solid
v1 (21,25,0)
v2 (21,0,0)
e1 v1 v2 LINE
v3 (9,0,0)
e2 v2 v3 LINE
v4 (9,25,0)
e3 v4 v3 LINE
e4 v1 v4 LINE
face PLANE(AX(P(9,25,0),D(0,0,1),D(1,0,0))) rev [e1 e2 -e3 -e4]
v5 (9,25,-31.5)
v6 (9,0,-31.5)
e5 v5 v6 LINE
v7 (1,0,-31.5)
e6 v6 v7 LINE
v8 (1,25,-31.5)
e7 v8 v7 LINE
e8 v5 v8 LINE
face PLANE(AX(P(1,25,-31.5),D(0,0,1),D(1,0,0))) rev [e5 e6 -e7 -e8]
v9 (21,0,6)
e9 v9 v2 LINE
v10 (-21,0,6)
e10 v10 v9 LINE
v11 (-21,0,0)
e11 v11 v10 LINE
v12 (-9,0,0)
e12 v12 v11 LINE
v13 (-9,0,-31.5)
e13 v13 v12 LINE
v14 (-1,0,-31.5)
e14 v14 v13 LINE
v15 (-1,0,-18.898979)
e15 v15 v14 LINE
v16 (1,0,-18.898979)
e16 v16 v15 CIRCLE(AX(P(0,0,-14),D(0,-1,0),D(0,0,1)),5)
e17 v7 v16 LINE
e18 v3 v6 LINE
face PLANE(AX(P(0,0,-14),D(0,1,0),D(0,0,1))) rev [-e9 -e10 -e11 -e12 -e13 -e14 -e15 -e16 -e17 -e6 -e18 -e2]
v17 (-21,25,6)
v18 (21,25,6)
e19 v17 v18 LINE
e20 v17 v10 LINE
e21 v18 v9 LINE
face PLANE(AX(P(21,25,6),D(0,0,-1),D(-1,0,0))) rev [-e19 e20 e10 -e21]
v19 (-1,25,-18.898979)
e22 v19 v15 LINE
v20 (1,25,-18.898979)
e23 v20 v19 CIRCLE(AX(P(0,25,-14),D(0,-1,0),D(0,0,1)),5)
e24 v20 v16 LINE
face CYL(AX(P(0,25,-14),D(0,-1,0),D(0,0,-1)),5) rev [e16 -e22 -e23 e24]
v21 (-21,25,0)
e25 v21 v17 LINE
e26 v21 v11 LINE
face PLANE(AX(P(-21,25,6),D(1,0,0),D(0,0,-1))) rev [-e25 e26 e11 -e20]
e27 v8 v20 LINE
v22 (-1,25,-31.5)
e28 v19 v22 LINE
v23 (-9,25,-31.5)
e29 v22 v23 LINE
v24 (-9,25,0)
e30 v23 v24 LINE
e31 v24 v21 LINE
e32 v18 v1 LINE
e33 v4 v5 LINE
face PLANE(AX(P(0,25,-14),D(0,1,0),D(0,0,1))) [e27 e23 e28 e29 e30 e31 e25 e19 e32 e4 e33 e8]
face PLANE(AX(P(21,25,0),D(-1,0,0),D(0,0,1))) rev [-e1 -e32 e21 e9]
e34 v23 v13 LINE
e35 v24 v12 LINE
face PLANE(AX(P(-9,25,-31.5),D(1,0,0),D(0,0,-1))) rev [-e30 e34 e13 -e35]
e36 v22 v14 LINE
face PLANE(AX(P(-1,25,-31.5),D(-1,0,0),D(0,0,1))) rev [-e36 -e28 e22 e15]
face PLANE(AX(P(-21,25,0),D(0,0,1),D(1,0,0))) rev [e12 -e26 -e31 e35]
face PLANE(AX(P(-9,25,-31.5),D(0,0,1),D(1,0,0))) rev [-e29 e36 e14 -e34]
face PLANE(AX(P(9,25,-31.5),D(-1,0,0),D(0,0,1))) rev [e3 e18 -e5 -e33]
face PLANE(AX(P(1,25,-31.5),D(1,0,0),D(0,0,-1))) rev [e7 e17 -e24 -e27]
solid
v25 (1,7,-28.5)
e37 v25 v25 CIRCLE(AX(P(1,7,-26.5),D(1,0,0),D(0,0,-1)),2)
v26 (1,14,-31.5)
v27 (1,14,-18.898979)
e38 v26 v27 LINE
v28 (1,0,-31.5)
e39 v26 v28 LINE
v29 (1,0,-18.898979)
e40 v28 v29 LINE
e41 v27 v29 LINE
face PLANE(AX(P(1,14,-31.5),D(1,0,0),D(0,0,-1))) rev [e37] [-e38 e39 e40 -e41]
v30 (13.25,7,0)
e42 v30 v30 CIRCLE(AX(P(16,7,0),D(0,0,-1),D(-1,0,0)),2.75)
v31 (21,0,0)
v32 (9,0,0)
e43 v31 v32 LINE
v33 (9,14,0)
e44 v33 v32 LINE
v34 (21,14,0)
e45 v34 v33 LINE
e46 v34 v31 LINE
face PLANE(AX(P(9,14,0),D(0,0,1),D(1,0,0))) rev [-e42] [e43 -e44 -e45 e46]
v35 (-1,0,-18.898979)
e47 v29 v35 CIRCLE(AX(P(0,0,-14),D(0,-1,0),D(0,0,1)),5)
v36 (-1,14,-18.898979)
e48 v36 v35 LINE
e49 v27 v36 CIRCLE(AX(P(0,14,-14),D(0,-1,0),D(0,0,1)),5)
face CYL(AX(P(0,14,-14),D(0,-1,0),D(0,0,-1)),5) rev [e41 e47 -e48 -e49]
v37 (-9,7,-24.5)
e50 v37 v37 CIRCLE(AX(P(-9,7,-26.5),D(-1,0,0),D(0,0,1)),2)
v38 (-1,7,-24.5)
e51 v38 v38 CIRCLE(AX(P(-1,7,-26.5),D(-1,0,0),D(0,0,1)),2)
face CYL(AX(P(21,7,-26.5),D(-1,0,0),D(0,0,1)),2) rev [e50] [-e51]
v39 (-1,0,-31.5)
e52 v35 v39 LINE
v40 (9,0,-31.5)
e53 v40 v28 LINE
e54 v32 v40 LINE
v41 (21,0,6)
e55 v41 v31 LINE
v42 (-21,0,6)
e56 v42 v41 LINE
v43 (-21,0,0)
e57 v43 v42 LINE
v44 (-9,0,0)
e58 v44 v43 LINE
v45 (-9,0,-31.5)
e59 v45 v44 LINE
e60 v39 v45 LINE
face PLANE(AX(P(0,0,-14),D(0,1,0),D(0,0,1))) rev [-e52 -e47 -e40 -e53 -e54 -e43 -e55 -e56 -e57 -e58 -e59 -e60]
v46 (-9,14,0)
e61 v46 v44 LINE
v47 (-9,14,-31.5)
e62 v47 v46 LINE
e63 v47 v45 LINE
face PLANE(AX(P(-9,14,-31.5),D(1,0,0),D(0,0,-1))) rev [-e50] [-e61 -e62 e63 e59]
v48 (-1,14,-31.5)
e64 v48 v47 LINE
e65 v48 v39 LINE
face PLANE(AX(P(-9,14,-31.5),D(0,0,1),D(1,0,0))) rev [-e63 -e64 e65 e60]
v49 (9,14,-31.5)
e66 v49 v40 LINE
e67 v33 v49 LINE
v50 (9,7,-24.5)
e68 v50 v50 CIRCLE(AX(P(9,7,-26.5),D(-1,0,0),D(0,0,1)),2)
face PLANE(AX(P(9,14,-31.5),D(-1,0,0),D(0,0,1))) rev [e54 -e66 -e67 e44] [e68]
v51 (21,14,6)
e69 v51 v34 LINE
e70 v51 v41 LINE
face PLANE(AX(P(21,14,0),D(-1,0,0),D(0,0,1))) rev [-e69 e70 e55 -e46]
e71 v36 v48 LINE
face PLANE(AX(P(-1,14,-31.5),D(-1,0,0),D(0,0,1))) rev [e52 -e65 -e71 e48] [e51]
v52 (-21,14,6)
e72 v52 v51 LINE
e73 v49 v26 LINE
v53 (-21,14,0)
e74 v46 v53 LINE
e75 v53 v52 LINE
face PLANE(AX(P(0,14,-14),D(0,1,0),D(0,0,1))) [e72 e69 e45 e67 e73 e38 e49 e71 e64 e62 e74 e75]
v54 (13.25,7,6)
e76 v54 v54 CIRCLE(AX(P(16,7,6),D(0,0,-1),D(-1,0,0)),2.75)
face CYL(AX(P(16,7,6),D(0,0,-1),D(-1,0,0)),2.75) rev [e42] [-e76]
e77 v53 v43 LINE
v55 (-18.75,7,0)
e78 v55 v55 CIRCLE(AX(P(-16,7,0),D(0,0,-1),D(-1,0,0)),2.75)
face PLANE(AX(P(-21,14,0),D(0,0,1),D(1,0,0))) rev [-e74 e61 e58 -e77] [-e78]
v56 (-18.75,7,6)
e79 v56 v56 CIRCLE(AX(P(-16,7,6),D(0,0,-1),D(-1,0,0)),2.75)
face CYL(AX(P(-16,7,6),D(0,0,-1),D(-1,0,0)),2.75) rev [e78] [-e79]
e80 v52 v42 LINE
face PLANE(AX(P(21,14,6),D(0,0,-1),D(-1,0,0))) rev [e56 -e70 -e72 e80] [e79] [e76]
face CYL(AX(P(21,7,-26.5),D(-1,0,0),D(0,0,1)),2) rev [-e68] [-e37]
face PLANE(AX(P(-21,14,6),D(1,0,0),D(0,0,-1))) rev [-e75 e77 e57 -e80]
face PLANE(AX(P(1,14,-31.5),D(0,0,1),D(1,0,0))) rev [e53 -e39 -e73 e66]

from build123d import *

# Parameters (mm, degrees)
EXTRUDE_2_DEPTH     = 25
EXTRUDE_6_DEPTH     = 14
SKETCH_5_R          = 2.75
CUT_EXTRUDE_1_DEPTH = 46.367940222
SKETCH_6_R          = 2
CUT_EXTRUDE_2_DEPTH = 51.17220346


with BuildPart() as part:
    # Эскиз2 → Бобышка-Вытянуть2 (new body)
    with BuildSketch(Plane(origin=(0, 0, 0), x_dir=(1, 0, 0), z_dir=(0, 1, 0))):
        with BuildLine():
            Line((-21, 0), (-9, 0))
            Line((-9, 0), (-9, 31.5))
            Line((-9, 31.5), (-1, 31.5))
            Line((-1, 31.5), (-1, 18.898979486))
            ThreePointArc((-1, 18.898979486), (0, 9), (1, 18.898979486))
            Line((1, 18.898979486), (1, 31.5))
            Line((1, 31.5), (9, 31.5))
            Line((9, 31.5), (9, 0))
            Line((9, 0), (21, 0))
            Line((21, 0), (21, -6))
            Line((21, -6), (-21, -6))
            Line((-21, -6), (-21, 0))
        make_face()
    extrude(amount=EXTRUDE_2_DEPTH)


with BuildPart() as body_2:
    # Эскиз2<2> → Бобышка-Вытянуть6 (new body)
    with BuildSketch(Plane(origin=(0, 0, 0), x_dir=(1, 0, 0), z_dir=(0, 1, 0))):
        with BuildLine():
            Line((-21, 0), (-9, 0))
            Line((-9, 0), (-9, 31.5))
            Line((-9, 31.5), (-1, 31.5))
            Line((-1, 31.5), (-1, 18.898979486))
            ThreePointArc((-1, 18.898979486), (0, 9), (1, 18.898979486))
            Line((1, 18.898979486), (1, 31.5))
            Line((1, 31.5), (9, 31.5))
            Line((9, 31.5), (9, 0))
            Line((9, 0), (21, 0))
            Line((21, 0), (21, -6))
            Line((21, -6), (-21, -6))
            Line((-21, -6), (-21, 0))
        make_face()
    extrude(amount=EXTRUDE_6_DEPTH)

    # Эскиз5 → Вырез-Вытянуть1 (cut, through all)
    with BuildSketch(Plane(origin=(0, 0, 0), x_dir=(-1, 0, 0), z_dir=(0, 0, -1))):
        with Locations((-16, 7)):
            Circle(SKETCH_5_R)
        with Locations((16, 7)):
            Circle(SKETCH_5_R)
    extrude(amount=-CUT_EXTRUDE_1_DEPTH, mode=Mode.SUBTRACT)

    # Эскиз6 → Вырез-Вытянуть2 (cut, through all)
    with BuildSketch(Plane.ZY.offset(9)):
        with Locations((-26.5, 7)):
            Circle(SKETCH_6_R)
    extrude(amount=-CUT_EXTRUDE_2_DEPTH, mode=Mode.SUBTRACT)


solid = Compound([part.part, body_2.part])
